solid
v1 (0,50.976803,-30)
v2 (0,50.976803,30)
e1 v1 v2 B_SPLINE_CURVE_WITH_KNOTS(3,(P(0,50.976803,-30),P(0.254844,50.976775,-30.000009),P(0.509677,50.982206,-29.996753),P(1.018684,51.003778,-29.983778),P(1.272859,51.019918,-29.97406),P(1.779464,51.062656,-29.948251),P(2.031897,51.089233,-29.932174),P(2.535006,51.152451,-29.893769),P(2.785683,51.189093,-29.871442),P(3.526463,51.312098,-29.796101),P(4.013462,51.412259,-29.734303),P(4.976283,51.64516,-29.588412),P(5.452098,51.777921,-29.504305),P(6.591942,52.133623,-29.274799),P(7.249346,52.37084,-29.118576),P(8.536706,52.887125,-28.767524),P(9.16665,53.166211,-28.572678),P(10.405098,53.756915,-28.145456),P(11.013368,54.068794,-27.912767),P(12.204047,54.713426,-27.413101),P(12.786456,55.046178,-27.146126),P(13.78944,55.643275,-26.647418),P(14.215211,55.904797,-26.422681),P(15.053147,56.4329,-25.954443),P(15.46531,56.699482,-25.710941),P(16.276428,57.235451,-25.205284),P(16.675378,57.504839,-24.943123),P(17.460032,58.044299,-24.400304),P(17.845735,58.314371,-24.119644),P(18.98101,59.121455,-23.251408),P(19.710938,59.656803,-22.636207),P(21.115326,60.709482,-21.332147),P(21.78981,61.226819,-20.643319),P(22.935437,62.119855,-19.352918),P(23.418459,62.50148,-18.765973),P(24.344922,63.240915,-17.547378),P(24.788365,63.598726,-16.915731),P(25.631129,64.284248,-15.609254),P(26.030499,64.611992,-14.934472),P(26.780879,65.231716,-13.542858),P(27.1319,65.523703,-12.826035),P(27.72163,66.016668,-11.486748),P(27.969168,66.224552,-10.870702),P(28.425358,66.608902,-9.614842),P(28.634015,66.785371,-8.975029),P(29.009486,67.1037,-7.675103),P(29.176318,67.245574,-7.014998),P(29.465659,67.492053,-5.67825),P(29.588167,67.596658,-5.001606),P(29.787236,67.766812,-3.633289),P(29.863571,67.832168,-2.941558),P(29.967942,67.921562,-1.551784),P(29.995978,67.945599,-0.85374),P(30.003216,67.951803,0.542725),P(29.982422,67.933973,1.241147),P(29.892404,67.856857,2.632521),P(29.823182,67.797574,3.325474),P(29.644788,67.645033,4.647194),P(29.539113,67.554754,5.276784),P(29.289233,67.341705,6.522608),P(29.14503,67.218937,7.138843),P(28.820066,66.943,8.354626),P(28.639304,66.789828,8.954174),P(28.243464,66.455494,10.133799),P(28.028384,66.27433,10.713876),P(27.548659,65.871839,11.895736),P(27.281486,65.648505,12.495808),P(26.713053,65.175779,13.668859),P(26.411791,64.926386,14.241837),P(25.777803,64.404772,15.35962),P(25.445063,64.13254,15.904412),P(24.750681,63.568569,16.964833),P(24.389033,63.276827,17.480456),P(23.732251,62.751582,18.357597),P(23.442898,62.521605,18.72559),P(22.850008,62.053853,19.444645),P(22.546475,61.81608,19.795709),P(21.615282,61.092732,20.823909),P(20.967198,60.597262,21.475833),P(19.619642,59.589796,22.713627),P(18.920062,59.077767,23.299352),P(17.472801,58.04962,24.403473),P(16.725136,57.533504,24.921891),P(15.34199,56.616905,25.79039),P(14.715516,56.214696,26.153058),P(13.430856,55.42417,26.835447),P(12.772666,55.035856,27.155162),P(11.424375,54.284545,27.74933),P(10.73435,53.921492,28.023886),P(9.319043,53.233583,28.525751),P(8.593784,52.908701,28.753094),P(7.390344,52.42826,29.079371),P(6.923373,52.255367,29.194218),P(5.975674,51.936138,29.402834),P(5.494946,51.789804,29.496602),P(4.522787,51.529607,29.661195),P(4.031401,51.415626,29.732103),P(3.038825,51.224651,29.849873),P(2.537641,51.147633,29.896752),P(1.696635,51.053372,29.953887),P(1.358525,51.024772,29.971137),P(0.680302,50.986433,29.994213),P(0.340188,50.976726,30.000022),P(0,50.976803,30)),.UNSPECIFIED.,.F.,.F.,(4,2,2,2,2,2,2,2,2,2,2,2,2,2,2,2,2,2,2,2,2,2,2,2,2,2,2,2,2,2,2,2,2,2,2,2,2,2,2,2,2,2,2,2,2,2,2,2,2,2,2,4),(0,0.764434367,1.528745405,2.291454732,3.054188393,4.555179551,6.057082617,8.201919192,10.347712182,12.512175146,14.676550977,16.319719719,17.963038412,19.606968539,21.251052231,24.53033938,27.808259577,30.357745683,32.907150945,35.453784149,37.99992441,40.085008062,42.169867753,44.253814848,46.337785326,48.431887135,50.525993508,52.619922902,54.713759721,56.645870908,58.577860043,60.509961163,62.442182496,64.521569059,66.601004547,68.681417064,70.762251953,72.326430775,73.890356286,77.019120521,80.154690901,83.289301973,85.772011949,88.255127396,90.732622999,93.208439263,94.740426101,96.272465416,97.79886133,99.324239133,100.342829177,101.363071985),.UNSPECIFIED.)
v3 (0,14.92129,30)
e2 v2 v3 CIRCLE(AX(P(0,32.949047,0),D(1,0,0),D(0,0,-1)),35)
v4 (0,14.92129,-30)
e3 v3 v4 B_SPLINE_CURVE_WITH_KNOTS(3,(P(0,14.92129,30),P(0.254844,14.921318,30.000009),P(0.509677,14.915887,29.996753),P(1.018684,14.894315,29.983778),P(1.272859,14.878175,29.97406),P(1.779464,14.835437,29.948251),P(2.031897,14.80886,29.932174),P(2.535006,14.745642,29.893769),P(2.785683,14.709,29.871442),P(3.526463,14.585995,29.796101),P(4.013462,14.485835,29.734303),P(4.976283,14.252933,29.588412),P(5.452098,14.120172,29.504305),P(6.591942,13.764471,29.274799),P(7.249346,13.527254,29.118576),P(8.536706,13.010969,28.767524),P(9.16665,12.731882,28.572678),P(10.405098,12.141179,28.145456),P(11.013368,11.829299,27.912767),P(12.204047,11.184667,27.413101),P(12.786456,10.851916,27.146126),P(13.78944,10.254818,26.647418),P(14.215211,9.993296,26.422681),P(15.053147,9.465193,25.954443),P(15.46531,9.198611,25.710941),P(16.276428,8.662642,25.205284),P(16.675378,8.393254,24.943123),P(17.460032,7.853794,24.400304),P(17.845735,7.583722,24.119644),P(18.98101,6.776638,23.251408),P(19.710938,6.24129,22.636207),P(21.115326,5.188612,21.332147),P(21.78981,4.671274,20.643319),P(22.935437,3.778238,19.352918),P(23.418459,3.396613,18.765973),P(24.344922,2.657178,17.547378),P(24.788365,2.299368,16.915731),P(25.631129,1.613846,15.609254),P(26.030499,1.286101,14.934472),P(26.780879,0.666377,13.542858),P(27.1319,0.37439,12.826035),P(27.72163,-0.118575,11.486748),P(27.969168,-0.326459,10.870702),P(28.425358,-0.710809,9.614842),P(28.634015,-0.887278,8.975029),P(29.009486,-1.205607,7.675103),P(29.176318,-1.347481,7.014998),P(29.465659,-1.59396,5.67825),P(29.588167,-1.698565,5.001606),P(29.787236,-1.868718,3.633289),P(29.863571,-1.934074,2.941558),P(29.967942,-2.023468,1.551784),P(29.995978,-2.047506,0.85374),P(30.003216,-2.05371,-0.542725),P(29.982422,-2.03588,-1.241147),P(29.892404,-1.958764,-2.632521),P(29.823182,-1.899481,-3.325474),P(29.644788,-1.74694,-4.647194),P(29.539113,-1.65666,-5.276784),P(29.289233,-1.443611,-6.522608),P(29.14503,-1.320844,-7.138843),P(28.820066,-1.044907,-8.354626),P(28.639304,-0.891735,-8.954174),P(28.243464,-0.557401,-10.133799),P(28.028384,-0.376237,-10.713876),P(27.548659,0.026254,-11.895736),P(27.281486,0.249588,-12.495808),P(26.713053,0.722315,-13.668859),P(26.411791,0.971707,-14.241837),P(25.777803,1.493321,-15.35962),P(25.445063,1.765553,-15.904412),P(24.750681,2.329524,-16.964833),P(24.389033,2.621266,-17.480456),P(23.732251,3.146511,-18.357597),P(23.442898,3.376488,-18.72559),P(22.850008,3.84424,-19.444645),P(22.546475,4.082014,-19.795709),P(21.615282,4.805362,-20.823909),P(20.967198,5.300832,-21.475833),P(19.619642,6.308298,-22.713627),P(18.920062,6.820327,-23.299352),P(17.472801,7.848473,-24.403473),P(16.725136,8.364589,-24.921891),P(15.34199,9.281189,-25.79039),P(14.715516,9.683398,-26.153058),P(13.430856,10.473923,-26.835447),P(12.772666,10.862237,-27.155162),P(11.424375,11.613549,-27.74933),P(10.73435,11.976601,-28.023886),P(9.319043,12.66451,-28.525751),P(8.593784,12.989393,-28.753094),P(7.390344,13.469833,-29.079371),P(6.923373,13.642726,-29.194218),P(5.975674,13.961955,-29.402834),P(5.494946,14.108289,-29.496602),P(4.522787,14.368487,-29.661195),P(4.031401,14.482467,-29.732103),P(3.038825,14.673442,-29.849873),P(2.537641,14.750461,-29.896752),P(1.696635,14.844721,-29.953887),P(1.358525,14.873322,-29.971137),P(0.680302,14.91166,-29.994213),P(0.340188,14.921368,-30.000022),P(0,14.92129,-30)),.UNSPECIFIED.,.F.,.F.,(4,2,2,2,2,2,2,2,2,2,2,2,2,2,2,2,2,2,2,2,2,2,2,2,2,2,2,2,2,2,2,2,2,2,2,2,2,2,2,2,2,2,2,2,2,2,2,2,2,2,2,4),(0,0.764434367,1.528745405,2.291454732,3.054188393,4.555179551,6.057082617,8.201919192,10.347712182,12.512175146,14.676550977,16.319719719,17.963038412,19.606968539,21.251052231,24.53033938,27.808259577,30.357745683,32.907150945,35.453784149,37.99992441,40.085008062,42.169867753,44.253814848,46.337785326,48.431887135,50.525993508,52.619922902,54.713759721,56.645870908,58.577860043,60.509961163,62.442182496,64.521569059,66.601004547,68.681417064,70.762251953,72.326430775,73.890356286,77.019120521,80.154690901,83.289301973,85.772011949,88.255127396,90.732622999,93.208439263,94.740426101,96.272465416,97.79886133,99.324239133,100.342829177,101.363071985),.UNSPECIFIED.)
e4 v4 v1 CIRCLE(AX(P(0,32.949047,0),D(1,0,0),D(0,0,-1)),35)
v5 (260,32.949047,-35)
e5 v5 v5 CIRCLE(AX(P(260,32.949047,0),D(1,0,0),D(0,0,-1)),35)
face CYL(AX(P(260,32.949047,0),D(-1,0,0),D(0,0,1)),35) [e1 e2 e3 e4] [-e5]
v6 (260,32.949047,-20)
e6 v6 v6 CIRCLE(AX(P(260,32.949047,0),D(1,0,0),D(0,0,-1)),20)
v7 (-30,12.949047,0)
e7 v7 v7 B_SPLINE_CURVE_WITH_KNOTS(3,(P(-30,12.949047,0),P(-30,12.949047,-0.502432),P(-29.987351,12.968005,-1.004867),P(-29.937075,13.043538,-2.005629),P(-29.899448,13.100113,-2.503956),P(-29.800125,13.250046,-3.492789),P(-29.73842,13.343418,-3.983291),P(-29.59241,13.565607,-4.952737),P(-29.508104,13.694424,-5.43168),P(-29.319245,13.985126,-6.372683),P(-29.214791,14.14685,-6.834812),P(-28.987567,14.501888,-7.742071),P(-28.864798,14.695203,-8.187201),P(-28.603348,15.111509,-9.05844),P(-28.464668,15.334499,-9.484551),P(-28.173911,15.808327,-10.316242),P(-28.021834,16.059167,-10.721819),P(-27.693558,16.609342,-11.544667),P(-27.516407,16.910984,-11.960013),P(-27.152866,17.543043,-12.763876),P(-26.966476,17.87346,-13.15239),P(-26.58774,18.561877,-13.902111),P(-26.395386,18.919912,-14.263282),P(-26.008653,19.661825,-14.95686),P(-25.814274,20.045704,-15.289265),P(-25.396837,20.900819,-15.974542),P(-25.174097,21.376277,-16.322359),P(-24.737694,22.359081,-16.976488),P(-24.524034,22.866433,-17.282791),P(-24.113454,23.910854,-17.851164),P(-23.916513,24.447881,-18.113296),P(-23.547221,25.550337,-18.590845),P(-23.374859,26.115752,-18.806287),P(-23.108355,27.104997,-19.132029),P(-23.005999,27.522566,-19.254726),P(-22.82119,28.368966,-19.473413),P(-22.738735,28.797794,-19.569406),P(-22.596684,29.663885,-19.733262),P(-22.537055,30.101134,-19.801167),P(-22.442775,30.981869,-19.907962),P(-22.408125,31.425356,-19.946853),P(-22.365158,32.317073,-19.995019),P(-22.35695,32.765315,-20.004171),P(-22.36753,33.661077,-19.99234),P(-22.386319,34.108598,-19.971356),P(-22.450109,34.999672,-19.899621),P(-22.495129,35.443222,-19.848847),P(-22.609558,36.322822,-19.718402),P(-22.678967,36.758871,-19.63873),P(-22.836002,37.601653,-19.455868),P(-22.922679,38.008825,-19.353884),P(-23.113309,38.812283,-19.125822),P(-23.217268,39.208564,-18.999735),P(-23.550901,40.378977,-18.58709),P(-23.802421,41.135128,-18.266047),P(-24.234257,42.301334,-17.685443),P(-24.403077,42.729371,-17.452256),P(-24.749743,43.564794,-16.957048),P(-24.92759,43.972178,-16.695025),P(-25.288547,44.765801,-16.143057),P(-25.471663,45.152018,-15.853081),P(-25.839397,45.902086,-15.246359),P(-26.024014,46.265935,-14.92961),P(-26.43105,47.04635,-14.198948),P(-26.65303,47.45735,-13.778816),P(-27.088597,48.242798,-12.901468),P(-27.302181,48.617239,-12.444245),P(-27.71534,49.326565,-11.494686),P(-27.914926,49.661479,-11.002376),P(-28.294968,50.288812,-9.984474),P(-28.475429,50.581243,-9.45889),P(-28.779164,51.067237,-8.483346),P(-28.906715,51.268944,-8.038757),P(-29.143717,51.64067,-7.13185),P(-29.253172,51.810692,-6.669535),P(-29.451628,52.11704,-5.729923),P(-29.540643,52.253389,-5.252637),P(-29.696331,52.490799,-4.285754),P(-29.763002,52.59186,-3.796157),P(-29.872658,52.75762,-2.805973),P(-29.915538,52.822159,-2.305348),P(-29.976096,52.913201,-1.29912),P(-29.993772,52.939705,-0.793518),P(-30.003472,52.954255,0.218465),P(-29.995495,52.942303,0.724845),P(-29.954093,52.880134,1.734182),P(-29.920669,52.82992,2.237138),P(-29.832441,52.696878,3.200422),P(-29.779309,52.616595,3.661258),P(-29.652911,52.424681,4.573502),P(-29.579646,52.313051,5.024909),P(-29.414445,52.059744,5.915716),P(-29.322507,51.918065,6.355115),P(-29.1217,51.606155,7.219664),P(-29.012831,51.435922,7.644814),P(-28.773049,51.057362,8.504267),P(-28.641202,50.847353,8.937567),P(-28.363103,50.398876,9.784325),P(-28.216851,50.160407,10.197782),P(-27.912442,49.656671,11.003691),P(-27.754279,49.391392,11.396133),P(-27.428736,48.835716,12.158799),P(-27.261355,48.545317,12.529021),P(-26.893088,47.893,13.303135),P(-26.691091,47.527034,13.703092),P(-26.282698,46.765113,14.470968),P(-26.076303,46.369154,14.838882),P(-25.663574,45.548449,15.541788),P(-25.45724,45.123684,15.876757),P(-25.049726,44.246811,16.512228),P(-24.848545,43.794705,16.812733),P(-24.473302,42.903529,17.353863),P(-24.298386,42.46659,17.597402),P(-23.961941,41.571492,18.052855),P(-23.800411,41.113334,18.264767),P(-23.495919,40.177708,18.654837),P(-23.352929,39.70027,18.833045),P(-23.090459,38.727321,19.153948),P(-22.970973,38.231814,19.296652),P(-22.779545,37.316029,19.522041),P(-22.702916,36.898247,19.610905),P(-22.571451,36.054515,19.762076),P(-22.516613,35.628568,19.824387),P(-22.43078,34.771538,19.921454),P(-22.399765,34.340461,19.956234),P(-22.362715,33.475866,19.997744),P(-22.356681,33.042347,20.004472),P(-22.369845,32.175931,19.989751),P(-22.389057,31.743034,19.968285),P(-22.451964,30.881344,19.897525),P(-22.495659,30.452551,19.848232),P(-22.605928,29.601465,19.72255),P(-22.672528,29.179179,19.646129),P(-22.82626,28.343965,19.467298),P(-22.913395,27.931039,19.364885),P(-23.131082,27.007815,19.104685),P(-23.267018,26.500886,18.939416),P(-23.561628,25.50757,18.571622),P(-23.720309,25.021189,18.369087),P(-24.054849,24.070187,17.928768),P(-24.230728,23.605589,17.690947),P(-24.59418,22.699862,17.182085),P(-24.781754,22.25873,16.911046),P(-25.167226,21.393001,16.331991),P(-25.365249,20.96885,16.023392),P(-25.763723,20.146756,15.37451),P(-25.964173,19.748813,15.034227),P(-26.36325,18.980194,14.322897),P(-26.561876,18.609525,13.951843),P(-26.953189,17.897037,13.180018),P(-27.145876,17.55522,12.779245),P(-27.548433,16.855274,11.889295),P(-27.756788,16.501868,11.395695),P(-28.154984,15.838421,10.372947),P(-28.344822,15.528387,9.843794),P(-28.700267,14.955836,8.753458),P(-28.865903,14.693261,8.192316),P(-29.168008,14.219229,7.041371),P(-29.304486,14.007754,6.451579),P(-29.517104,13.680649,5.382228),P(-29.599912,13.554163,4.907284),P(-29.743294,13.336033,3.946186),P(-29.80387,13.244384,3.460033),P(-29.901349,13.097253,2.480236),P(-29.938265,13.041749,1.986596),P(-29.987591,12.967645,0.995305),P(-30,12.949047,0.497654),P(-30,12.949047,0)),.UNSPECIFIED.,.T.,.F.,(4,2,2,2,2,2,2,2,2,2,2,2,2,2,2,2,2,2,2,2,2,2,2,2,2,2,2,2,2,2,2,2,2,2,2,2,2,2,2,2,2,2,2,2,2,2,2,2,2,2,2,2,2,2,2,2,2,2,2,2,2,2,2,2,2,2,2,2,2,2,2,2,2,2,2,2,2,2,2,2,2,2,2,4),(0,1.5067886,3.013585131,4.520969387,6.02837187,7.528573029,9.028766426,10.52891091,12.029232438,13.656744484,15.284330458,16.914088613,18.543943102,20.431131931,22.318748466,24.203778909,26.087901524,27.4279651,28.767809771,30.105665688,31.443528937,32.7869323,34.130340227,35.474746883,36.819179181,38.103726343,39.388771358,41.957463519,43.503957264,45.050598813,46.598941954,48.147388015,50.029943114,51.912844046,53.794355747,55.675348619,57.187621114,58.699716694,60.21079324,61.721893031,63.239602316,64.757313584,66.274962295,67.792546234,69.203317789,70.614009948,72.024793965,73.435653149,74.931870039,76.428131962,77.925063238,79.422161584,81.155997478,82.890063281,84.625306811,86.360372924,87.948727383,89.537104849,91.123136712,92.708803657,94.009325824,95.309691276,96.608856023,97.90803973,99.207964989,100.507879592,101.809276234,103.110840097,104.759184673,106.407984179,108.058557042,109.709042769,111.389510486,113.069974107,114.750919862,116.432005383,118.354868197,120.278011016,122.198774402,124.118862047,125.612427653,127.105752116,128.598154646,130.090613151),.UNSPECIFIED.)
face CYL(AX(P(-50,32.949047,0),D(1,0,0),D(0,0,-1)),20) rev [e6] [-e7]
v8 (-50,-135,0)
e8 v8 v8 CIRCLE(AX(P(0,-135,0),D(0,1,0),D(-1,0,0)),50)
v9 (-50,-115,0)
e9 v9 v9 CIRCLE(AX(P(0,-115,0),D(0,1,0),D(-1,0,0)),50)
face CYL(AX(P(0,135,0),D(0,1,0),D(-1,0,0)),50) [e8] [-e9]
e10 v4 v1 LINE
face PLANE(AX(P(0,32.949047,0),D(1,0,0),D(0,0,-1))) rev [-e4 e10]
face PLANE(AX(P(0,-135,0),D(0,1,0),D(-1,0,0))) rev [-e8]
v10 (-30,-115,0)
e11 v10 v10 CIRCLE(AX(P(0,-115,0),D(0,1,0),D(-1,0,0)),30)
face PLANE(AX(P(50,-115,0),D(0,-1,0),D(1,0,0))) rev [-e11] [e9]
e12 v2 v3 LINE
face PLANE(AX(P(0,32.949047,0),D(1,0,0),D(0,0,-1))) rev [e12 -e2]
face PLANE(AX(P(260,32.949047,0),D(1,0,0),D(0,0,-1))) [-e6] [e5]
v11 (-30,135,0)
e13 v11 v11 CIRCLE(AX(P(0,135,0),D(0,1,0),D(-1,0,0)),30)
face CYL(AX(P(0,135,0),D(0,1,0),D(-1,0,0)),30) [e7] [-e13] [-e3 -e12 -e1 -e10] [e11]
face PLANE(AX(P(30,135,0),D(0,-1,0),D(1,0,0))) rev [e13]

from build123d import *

# Parameters (mm, degrees)
SKETCH2_R           = 35
BOSS_EXTRUDE1_DEPTH = 260
SKETCH3_R           = 20
CUT_EXTRUDE1_DEPTH  = 342.796723254


with BuildPart() as part:
    # Sketch1 → Revolve1 (revolve)
    with BuildSketch(Plane.XY):
        Polygon((0, 135), (0, -135), (50, -135), (50, -115), (30, -115), (30, 135), align=None)
    revolve(axis=Axis((0, 135, 0), (0, -1, 0)))

    # Sketch2 → Boss-Extrude1 (add)
    with BuildSketch(Plane(origin=(0, 0, 0), x_dir=(0, 0, 1), z_dir=(1, 0, 0))):
        with Locations((0, -32.949046657)):
            Circle(SKETCH2_R)
    extrude(amount=BOSS_EXTRUDE1_DEPTH)

    # Sketch3 → Cut-Extrude1 (cut, through all)
    with BuildSketch(Plane(origin=(260, 0, 0), x_dir=(0, 0, -1), z_dir=(1, 0, 0))):
        with Locations((0, 32.949046657)):
            Circle(SKETCH3_R)
    extrude(amount=-CUT_EXTRUDE1_DEPTH, mode=Mode.SUBTRACT)


solid = part.part
